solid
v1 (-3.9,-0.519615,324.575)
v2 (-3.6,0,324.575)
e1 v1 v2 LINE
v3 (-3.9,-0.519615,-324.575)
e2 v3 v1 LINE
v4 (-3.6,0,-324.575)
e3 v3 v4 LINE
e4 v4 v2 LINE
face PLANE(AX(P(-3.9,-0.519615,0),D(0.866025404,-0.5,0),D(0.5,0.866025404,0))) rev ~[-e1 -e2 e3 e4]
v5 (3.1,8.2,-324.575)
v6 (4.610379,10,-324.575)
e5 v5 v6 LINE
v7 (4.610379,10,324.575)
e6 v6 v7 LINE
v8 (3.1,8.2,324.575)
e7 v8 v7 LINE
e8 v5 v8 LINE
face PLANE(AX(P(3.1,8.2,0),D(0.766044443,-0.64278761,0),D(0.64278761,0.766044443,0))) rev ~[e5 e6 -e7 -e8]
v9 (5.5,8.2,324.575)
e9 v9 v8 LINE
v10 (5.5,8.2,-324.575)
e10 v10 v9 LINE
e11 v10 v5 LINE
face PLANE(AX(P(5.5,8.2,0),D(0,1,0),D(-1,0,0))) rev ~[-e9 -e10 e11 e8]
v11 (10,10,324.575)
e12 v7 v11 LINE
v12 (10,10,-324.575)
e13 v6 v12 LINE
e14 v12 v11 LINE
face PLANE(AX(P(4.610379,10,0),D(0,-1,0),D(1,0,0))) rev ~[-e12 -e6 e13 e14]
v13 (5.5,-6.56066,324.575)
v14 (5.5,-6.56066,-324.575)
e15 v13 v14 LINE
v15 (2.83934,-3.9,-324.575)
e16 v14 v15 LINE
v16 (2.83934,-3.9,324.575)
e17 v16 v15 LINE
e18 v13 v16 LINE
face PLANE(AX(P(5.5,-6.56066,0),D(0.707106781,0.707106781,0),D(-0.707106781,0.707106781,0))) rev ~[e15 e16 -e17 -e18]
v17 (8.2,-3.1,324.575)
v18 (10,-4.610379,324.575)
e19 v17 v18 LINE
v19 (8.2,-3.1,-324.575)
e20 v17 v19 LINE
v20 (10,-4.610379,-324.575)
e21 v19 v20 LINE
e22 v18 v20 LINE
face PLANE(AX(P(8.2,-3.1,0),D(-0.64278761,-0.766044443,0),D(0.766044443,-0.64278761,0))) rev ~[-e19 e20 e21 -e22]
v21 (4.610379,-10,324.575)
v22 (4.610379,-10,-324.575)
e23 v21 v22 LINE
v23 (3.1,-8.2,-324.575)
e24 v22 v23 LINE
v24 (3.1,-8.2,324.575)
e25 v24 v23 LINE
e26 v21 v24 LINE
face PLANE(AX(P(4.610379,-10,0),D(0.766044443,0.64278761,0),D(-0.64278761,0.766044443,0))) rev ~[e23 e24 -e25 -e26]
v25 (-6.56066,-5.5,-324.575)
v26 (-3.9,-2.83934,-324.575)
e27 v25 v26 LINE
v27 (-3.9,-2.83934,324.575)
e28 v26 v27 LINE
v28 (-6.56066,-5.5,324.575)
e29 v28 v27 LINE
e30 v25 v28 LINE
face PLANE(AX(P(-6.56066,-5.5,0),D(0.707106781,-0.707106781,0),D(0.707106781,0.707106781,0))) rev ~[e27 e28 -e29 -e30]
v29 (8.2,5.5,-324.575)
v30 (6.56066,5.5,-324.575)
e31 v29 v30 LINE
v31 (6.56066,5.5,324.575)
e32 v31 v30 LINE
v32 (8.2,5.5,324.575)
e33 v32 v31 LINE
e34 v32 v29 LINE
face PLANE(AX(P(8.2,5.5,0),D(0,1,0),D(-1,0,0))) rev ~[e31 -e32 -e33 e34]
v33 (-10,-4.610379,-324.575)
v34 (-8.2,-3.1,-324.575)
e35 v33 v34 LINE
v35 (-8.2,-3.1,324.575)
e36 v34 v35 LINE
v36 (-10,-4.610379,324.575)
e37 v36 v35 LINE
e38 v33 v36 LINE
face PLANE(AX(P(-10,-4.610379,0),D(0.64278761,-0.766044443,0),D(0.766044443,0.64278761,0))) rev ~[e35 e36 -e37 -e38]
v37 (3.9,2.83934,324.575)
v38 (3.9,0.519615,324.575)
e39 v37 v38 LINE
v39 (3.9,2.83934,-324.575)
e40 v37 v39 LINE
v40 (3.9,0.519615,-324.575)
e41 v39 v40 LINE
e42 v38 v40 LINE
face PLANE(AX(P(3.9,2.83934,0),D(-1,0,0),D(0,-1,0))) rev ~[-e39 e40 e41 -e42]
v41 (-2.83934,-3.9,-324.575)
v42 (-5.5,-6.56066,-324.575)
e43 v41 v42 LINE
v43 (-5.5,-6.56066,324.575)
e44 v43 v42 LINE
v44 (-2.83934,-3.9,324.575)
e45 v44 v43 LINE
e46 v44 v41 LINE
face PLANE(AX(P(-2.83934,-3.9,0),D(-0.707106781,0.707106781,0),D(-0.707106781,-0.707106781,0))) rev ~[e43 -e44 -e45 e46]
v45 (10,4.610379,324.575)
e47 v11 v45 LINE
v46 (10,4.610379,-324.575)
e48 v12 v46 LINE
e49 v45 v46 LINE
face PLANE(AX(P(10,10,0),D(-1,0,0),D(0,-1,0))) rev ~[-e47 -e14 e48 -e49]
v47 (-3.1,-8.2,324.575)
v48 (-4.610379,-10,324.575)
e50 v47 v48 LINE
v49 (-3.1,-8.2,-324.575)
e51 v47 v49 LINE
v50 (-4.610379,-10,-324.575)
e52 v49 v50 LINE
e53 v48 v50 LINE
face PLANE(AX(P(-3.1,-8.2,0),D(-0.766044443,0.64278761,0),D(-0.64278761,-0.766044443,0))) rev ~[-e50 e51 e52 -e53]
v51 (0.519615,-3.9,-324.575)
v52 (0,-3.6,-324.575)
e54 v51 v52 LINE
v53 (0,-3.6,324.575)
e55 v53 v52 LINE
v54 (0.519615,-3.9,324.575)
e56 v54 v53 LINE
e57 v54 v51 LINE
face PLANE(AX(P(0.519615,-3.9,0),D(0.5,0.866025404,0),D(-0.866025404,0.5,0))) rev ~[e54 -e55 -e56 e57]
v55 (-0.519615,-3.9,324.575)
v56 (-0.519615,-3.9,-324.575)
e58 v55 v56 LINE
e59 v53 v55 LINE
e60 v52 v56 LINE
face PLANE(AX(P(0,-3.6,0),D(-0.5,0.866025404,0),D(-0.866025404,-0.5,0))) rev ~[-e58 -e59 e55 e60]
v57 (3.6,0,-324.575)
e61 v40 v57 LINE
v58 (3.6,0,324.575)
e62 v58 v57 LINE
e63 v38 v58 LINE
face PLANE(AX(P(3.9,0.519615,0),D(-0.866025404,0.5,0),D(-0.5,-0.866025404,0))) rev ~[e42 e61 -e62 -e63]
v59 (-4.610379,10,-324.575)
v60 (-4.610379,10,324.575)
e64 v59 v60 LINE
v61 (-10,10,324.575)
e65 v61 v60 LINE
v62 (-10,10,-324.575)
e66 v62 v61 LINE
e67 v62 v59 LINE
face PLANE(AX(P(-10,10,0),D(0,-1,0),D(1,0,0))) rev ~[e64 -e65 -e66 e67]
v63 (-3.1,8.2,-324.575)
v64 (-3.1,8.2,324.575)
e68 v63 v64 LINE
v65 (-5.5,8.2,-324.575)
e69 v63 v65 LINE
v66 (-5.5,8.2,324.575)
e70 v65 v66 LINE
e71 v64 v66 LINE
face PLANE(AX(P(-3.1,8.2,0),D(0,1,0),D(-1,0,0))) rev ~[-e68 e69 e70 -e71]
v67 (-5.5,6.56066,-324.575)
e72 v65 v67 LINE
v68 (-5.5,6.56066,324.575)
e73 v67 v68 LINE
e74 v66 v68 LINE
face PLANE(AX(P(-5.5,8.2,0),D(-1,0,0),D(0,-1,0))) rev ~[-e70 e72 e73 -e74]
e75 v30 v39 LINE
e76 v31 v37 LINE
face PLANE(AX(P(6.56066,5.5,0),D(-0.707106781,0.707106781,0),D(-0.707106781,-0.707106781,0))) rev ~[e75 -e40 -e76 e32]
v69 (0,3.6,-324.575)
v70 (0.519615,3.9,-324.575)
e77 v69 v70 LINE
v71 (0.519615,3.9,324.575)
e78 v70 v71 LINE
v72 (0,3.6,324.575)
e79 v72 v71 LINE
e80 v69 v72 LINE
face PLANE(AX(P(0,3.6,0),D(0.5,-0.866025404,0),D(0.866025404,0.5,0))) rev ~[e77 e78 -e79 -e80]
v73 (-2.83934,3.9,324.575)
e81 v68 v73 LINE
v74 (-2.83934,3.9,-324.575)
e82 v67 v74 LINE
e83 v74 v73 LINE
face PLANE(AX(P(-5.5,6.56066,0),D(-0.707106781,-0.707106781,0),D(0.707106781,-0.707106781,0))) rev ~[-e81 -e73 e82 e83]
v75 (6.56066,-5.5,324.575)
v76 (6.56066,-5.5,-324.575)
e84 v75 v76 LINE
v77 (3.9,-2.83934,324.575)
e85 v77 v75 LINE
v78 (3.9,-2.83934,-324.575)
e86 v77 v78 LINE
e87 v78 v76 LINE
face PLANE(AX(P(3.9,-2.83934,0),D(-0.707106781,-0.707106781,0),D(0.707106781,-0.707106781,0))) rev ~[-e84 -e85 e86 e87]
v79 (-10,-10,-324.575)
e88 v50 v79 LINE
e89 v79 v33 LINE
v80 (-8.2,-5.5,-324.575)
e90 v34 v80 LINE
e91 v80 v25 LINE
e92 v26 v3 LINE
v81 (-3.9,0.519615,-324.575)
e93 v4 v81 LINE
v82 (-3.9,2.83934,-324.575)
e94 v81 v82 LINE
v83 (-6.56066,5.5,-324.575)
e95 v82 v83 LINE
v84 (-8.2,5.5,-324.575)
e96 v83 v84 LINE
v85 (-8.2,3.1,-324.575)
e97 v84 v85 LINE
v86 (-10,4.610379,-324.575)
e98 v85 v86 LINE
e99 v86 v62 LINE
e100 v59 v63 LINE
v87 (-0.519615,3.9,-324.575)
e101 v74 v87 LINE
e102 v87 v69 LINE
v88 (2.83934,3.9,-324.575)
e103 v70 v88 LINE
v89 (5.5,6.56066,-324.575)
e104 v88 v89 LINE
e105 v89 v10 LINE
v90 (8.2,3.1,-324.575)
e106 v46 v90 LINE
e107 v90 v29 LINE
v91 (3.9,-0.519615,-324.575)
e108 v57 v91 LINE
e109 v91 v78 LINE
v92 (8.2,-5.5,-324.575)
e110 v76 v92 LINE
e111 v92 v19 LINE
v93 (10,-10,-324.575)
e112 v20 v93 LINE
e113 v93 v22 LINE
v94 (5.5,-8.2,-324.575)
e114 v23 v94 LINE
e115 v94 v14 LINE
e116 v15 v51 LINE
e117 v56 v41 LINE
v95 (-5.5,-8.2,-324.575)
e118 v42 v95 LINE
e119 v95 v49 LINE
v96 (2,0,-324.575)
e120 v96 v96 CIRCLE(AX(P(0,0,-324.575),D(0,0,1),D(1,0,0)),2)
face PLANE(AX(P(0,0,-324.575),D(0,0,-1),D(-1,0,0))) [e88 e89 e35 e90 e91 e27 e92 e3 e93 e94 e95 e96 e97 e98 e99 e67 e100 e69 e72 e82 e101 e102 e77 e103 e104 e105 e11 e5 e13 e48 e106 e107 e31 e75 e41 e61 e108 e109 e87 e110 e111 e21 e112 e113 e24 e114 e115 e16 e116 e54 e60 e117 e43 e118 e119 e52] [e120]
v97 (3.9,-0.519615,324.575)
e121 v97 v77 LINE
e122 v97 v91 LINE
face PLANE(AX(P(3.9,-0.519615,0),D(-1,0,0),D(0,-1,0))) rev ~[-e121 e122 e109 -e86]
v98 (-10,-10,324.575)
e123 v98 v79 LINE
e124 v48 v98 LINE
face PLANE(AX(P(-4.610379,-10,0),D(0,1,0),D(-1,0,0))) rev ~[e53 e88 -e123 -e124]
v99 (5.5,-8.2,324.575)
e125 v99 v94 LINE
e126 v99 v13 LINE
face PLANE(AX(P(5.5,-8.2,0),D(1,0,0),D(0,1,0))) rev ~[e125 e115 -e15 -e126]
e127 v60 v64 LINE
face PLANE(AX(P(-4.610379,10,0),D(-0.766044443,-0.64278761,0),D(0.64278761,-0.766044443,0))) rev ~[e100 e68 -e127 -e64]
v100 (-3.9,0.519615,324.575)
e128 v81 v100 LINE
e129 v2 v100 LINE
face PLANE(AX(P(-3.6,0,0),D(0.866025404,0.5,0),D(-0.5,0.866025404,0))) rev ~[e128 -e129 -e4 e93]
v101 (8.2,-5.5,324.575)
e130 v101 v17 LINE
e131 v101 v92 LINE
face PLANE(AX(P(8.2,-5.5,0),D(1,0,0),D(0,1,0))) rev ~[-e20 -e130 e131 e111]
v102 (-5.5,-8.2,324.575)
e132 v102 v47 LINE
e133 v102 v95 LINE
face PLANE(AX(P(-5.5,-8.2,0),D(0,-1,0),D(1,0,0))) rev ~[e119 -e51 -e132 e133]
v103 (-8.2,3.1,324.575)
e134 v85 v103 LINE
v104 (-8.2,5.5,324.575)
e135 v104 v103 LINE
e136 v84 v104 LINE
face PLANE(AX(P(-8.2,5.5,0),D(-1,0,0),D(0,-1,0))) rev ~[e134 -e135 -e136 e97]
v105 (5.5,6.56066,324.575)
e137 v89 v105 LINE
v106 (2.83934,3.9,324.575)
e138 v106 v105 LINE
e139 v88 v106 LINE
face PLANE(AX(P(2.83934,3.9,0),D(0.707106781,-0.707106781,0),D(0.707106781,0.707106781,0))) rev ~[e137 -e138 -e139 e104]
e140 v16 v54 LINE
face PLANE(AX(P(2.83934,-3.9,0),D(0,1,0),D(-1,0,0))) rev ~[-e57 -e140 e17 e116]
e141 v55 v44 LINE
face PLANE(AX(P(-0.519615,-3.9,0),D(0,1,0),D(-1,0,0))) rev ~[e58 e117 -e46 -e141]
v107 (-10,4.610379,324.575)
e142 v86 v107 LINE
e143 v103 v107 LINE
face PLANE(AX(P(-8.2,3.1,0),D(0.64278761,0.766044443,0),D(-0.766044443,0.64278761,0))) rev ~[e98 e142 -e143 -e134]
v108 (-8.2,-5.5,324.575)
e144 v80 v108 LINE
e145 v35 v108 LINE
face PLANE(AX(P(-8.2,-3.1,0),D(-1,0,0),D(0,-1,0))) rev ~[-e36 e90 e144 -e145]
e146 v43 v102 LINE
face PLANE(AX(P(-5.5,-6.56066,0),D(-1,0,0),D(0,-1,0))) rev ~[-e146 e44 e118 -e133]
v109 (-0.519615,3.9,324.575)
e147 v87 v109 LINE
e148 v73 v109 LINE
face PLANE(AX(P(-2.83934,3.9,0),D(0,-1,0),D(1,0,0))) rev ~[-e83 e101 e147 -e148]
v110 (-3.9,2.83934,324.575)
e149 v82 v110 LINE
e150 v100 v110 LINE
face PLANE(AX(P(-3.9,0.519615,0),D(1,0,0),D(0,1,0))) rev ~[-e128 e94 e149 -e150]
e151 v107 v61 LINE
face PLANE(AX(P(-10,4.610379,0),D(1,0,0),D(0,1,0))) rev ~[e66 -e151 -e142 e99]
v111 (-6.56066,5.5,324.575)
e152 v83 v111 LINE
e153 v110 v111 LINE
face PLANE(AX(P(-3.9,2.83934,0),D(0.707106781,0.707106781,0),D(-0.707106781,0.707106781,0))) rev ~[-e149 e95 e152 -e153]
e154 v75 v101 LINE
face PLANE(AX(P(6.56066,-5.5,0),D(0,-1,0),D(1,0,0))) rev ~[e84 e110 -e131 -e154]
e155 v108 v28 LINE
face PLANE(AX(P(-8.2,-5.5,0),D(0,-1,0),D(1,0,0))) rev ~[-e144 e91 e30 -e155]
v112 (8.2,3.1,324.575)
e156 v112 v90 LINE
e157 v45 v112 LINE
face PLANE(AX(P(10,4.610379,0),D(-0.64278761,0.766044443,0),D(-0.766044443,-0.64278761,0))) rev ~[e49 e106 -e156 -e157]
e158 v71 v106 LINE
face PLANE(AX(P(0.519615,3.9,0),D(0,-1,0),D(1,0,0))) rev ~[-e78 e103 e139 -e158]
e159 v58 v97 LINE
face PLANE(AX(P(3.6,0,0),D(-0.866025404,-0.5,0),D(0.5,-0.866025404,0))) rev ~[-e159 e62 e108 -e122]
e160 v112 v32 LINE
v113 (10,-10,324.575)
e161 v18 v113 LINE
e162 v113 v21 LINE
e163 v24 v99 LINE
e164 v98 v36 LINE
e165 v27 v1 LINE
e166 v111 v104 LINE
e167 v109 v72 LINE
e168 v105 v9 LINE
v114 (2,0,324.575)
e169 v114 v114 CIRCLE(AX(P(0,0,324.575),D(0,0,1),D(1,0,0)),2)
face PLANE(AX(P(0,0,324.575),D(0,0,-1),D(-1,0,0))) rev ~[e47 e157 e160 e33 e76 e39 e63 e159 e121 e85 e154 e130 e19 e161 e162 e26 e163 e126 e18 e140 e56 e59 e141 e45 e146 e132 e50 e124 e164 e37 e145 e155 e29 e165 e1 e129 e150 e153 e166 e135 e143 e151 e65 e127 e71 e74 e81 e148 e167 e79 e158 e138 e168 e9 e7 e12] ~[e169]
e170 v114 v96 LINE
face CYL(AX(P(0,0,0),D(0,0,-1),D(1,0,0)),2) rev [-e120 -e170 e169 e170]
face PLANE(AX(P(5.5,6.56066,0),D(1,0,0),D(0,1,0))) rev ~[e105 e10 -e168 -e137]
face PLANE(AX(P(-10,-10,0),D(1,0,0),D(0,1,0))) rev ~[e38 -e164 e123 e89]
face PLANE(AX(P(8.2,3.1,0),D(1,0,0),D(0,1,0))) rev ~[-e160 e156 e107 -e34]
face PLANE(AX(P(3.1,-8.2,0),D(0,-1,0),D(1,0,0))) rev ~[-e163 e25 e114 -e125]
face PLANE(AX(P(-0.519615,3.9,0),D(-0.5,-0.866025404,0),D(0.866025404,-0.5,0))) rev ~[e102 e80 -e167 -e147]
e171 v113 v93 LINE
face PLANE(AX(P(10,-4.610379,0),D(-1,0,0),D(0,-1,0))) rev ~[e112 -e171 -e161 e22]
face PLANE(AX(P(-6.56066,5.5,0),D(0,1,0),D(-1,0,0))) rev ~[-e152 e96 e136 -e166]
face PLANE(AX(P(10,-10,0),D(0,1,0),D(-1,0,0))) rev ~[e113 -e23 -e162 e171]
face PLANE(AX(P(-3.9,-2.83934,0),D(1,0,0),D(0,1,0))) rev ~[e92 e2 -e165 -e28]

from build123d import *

# Parameters (mm, degrees)
SKETCH1_R           = 2
BOSS_EXTRUDE1_DEPTH = 324.575


with BuildPart() as part:
    # Sketch1 → Boss-Extrude1 (new body, symmetric)
    with BuildSketch(Plane.XY):
        Polygon((10, 10), (10, 4.610379336), (8.2, 3.1), (8.2, 5.5), (6.560660172, 5.5), (3.9, 2.839339828), (3.9, 0.519615242), (3.6, 0), (3.9, -0.519615242), (3.9, -2.839339828), (6.560660172, -5.5), (8.2, -5.5), (8.2, -3.1), (10, -4.610379336), (10, -10), (4.610379336, -10), (3.1, -8.2), (5.5, -8.2), (5.5, -6.560660172), (2.839339828, -3.9), (0.519615242, -3.9), (0, -3.6), (-0.519615242, -3.9), (-2.839339828, -3.9), (-5.5, -6.560660172), (-5.5, -8.2), (-3.1, -8.2), (-4.610379336, -10), (-10, -10), (-10, -4.610379336), (-8.2, -3.1), (-8.2, -5.5), (-6.560660172, -5.5), (-3.9, -2.839339828), (-3.9, -0.519615242), (-3.6, 0), (-3.9, 0.519615242), (-3.9, 2.839339828), (-6.560660172, 5.5), (-8.2, 5.5), (-8.2, 3.1), (-10, 4.610379336), (-10, 10), (-4.610379336, 10), (-3.1, 8.2), (-5.5, 8.2), (-5.5, 6.560660172), (-2.839339828, 3.9), (-0.519615242, 3.9), (0, 3.6), (0.519615242, 3.9), (2.839339828, 3.9), (5.5, 6.560660172), (5.5, 8.2), (3.1, 8.2), (4.610379336, 10), align=None)
        Circle(SKETCH1_R, mode=Mode.SUBTRACT)
    extrude(amount=BOSS_EXTRUDE1_DEPTH, both=True)


solid = part.part
